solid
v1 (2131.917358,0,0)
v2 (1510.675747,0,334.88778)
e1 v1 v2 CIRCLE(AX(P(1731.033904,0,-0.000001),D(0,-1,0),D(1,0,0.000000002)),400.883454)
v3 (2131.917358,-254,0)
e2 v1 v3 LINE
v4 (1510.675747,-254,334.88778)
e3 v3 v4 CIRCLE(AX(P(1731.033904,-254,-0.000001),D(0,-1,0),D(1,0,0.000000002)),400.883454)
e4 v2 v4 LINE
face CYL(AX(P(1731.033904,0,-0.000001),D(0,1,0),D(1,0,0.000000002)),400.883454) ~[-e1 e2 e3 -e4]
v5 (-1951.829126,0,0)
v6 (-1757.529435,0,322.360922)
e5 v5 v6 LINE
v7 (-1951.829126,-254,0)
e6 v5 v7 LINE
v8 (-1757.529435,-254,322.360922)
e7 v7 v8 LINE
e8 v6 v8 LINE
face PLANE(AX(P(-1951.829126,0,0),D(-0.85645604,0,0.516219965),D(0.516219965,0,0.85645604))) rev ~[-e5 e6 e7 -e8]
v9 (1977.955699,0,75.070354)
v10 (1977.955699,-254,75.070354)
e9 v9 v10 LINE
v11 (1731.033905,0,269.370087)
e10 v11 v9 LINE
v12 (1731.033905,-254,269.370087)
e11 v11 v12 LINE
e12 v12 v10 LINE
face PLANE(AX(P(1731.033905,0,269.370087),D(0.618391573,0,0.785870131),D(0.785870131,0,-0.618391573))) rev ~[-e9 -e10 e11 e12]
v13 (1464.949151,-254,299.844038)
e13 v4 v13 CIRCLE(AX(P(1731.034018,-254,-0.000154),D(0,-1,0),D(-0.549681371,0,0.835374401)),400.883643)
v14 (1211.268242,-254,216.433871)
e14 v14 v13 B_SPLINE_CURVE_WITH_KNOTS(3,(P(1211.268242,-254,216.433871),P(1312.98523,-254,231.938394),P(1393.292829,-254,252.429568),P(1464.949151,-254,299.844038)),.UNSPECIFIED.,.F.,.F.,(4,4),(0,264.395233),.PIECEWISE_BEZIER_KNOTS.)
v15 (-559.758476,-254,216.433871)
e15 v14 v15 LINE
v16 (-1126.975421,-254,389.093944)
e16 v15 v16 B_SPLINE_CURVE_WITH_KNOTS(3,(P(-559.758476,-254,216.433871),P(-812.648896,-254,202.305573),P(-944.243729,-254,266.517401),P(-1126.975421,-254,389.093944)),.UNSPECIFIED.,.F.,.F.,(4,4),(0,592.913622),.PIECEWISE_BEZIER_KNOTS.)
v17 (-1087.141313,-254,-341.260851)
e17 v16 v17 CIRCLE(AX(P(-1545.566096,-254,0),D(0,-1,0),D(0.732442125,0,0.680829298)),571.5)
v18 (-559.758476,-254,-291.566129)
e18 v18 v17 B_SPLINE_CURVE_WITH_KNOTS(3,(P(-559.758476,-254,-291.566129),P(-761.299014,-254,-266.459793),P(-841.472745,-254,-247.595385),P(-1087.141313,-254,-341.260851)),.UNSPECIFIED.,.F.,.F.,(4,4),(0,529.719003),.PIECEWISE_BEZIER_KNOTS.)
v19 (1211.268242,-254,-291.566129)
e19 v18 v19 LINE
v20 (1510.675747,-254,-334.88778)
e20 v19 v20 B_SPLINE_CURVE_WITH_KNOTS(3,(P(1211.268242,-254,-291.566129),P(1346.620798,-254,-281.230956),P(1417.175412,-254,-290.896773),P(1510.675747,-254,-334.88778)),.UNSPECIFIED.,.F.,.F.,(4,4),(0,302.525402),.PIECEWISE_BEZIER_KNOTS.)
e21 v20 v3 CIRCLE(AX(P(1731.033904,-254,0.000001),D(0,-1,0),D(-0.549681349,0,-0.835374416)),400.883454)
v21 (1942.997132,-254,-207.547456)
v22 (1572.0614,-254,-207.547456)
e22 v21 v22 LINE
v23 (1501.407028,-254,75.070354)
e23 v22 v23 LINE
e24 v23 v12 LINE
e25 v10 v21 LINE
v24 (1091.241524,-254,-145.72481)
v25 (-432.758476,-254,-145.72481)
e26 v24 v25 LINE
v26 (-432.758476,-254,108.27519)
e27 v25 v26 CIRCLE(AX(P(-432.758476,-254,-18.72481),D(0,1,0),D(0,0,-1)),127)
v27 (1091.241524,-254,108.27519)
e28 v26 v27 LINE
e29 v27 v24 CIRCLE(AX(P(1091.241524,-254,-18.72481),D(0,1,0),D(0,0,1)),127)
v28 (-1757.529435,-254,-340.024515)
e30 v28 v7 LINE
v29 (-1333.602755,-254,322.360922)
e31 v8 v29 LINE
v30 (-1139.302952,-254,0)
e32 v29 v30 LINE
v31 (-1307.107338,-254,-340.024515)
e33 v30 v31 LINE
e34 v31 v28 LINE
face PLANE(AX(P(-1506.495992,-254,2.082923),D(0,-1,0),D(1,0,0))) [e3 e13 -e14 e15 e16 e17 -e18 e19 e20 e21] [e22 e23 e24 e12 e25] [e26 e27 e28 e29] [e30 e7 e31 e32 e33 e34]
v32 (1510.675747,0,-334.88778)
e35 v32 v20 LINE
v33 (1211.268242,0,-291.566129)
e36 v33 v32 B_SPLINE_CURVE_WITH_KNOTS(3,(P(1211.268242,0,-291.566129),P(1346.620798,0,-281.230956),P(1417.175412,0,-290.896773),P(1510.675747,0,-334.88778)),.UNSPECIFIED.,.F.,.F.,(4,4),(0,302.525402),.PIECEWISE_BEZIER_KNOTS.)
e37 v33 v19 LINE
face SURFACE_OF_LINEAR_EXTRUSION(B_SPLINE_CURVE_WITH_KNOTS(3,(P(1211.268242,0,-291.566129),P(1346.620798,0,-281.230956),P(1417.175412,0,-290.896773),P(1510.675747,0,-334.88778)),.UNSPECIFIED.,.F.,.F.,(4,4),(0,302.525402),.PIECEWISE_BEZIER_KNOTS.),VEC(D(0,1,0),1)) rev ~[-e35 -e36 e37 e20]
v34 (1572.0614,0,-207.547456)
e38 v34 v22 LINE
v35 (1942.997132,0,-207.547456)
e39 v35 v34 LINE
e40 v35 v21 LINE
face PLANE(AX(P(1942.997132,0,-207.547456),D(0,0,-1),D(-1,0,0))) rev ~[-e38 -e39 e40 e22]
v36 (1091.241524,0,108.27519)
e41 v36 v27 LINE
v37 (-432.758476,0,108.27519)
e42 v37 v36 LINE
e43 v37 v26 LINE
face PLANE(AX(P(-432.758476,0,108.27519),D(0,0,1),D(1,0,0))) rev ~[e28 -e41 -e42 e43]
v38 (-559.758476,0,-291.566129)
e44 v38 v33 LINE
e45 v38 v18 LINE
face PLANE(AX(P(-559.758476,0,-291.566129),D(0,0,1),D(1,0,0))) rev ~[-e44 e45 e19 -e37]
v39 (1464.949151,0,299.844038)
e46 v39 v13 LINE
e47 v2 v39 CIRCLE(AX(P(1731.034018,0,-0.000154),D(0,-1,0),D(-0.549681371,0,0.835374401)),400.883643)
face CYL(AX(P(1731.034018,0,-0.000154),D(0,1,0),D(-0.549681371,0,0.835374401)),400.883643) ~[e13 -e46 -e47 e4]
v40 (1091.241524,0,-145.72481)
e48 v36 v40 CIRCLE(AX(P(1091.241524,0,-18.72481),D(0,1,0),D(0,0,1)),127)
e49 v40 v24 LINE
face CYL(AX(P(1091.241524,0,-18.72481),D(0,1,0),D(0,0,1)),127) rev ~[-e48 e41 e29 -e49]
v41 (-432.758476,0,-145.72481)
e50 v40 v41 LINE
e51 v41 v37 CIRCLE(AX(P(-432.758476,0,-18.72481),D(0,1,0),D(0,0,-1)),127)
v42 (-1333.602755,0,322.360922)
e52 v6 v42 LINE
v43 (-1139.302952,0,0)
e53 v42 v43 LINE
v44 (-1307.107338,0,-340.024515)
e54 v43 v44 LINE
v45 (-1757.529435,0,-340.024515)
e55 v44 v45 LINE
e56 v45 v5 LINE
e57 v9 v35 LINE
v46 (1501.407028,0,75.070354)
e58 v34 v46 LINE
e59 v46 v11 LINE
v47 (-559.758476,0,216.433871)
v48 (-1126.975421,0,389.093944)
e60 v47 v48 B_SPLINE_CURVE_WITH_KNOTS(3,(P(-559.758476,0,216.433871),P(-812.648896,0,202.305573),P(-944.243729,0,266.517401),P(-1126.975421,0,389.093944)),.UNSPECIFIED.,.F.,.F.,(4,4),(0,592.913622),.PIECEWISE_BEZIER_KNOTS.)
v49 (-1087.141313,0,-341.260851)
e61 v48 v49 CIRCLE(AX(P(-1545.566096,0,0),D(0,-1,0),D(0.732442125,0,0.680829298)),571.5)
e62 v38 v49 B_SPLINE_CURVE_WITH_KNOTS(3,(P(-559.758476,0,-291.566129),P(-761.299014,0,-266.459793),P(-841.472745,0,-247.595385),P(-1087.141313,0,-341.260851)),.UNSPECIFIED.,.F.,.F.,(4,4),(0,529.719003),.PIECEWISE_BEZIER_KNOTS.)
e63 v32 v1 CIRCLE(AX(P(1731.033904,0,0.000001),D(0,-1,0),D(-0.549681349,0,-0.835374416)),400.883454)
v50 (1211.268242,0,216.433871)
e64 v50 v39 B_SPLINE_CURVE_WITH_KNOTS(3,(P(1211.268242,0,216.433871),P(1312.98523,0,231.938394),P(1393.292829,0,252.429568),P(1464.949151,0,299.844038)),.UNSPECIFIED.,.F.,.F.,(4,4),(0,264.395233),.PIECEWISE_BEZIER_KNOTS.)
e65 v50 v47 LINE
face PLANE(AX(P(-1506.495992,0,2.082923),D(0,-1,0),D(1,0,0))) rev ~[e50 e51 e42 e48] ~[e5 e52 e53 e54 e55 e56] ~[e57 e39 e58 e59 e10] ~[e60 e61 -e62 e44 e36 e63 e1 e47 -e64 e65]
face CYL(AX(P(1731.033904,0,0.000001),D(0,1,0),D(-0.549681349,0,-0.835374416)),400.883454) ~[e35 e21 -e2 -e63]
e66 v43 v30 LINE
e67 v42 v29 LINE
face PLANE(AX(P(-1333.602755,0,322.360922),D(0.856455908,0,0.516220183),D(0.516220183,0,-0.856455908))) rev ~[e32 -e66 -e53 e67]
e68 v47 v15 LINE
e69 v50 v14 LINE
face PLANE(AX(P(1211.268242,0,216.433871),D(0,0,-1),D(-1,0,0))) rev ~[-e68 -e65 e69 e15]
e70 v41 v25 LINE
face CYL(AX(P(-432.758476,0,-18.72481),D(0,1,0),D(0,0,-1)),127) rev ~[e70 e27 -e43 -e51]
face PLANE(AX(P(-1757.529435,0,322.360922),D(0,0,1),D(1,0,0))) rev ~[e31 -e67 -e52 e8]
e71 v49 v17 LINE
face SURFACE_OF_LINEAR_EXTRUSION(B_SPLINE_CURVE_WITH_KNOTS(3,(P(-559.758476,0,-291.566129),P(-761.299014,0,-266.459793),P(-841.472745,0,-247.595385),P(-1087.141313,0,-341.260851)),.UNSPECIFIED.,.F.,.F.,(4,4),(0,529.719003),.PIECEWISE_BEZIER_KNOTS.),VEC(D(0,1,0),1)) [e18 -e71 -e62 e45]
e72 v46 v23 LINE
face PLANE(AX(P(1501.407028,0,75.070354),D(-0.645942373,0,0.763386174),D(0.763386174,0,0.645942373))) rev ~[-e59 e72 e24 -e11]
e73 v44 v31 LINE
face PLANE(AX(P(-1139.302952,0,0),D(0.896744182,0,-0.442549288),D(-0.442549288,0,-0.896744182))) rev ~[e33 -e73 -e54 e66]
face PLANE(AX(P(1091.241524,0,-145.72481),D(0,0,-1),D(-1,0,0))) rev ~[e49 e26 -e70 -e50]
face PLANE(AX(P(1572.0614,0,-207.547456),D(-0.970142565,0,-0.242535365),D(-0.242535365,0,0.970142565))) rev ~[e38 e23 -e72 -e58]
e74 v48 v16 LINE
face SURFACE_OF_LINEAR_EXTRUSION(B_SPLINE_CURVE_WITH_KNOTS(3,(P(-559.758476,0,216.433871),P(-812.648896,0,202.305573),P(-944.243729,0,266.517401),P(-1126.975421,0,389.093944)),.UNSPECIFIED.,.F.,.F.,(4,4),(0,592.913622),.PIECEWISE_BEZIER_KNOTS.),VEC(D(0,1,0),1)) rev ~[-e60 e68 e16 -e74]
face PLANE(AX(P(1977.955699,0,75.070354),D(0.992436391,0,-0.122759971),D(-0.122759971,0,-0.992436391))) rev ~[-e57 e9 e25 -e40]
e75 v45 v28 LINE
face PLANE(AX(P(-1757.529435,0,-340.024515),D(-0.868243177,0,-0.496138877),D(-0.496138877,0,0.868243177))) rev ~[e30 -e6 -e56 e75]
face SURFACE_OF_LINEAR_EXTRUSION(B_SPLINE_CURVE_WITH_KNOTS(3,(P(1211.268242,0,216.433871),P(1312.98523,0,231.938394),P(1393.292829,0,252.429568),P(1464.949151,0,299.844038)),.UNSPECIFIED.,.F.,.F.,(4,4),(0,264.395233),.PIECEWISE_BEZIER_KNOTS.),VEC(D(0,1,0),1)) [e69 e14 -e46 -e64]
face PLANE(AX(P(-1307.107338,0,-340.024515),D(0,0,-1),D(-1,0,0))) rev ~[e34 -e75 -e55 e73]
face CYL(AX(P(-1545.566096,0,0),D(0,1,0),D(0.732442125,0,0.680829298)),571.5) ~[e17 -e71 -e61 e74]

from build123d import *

# Parameters (mm, degrees)
F1_DEPTH = 254


with BuildPart() as f1:
    # F0 (on Front) → F1 (new body)
    with BuildSketch(Plane.XZ):
        with BuildLine():
            ThreePointArc((-1087.141313, -341.260851), (-1003.070928, -179.753285), (-974.066095, 0))
            ThreePointArc((-974.066095, 0), (-1013.665343, 209.030715), (-1126.975421, 389.093944))
            ThreePointArc((-1126.975421, 389.093944), (-2116.217968, -31.123789), (-1087.141313, -341.260851))
        make_face()
        Polygon((-1757.529435, 322.360922), (-1333.602755, 322.360922), (-1139.302952, 0), (-1307.107338, -340.024515), (-1757.529435, -340.024515), (-1951.829126, 0), align=None, mode=Mode.SUBTRACT)
        with BuildLine():
            ThreePointArc((-1126.975421, 389.093944), (-1013.665343, 209.030715), (-974.066095, 0))
            ThreePointArc((-974.066095, 0), (-1003.070928, -179.753285), (-1087.141313, -341.260851))
            add(Edge.make_bspline(
                [(-559.758476, -291.566129), (-761.299014, -266.459793), (-841.472745, -247.595385), (-1087.141313, -341.260851)],
                knots=[0, 0, 0, 0, 529.719003, 529.719003, 529.719003, 529.719003], degree=3))
            Line((-559.758476, -291.566129), (1211.268242, -291.566129))
            add(Edge.make_bspline(
                [(1211.268242, -291.566129), (1346.620798, -281.230956), (1417.175412, -290.896773), (1510.675747, -334.88778)],
                knots=[0, 0, 0, 0, 302.525402, 302.525402, 302.525402, 302.525402], degree=3))
            ThreePointArc((1510.675747, -334.88778), (1331.186688, -28.805318), (1464.949151, 299.844038))
            add(Edge.make_bspline(
                [(1211.268242, 216.433871), (1312.98523, 231.938394), (1393.292829, 252.429568), (1464.949151, 299.844038)],
                knots=[0, 0, 0, 0, 264.395233, 264.395233, 264.395233, 264.395233], degree=3))
            Line((1211.268242, 216.433871), (-559.758476, 216.433871))
            add(Edge.make_bspline(
                [(-559.758476, 216.433871), (-812.648896, 202.305573), (-944.243729, 266.517401), (-1126.975421, 389.093944)],
                knots=[0, 0, 0, 0, 592.913622, 592.913622, 592.913622, 592.913622], degree=3))
        make_face()
        with BuildLine():
            ThreePointArc((-432.758476, -145.72481), (-559.758476, -18.72481), (-432.758476, 108.27519))
            Line((-432.758476, 108.27519), (1091.241524, 108.27519))
            ThreePointArc((1091.241524, 108.27519), (1218.241524, -18.72481), (1091.241524, -145.72481))
            Line((1091.241524, -145.72481), (-432.758476, -145.72481))
        make_face(mode=Mode.SUBTRACT)
        with BuildLine():
            add(Edge.make_bspline(
                [(1464.949151, 299.844038), (1480.557889, 310.172226), (1495.756133, 321.777897), (1510.675747, 334.88778)],
                knots=[264.395233, 264.395233, 264.395233, 264.395233, 321.987861, 321.987861, 321.987861, 321.987861], degree=3))
            ThreePointArc((1464.949151, 299.844038), (1331.186688, -28.805318), (1510.675747, -334.88778))
            ThreePointArc((1510.675747, -334.88778), (1921.256936, -352.877799), (2131.917358, 0))
            ThreePointArc((2131.917358, 0), (1921.256936, 352.877799), (1510.675747, 334.88778))
        make_face()
        Polygon((1501.407028, 75.070354), (1731.033905, 269.370087), (1977.955699, 75.070354), (1942.997132, -207.547456), (1572.0614, -207.547456), align=None, mode=Mode.SUBTRACT)
        with BuildLine():
            ThreePointArc((1510.675747, 334.88778), (1487.182121, 318.188388), (1464.949151, 299.844038))
            add(Edge.make_bspline(
                [(1464.949151, 299.844038), (1480.557889, 310.172226), (1495.756133, 321.777897), (1510.675747, 334.88778)],
                knots=[264.395233, 264.395233, 264.395233, 264.395233, 321.987861, 321.987861, 321.987861, 321.987861], degree=3))
        make_face()
    extrude(amount=F1_DEPTH)


solid = f1.part
